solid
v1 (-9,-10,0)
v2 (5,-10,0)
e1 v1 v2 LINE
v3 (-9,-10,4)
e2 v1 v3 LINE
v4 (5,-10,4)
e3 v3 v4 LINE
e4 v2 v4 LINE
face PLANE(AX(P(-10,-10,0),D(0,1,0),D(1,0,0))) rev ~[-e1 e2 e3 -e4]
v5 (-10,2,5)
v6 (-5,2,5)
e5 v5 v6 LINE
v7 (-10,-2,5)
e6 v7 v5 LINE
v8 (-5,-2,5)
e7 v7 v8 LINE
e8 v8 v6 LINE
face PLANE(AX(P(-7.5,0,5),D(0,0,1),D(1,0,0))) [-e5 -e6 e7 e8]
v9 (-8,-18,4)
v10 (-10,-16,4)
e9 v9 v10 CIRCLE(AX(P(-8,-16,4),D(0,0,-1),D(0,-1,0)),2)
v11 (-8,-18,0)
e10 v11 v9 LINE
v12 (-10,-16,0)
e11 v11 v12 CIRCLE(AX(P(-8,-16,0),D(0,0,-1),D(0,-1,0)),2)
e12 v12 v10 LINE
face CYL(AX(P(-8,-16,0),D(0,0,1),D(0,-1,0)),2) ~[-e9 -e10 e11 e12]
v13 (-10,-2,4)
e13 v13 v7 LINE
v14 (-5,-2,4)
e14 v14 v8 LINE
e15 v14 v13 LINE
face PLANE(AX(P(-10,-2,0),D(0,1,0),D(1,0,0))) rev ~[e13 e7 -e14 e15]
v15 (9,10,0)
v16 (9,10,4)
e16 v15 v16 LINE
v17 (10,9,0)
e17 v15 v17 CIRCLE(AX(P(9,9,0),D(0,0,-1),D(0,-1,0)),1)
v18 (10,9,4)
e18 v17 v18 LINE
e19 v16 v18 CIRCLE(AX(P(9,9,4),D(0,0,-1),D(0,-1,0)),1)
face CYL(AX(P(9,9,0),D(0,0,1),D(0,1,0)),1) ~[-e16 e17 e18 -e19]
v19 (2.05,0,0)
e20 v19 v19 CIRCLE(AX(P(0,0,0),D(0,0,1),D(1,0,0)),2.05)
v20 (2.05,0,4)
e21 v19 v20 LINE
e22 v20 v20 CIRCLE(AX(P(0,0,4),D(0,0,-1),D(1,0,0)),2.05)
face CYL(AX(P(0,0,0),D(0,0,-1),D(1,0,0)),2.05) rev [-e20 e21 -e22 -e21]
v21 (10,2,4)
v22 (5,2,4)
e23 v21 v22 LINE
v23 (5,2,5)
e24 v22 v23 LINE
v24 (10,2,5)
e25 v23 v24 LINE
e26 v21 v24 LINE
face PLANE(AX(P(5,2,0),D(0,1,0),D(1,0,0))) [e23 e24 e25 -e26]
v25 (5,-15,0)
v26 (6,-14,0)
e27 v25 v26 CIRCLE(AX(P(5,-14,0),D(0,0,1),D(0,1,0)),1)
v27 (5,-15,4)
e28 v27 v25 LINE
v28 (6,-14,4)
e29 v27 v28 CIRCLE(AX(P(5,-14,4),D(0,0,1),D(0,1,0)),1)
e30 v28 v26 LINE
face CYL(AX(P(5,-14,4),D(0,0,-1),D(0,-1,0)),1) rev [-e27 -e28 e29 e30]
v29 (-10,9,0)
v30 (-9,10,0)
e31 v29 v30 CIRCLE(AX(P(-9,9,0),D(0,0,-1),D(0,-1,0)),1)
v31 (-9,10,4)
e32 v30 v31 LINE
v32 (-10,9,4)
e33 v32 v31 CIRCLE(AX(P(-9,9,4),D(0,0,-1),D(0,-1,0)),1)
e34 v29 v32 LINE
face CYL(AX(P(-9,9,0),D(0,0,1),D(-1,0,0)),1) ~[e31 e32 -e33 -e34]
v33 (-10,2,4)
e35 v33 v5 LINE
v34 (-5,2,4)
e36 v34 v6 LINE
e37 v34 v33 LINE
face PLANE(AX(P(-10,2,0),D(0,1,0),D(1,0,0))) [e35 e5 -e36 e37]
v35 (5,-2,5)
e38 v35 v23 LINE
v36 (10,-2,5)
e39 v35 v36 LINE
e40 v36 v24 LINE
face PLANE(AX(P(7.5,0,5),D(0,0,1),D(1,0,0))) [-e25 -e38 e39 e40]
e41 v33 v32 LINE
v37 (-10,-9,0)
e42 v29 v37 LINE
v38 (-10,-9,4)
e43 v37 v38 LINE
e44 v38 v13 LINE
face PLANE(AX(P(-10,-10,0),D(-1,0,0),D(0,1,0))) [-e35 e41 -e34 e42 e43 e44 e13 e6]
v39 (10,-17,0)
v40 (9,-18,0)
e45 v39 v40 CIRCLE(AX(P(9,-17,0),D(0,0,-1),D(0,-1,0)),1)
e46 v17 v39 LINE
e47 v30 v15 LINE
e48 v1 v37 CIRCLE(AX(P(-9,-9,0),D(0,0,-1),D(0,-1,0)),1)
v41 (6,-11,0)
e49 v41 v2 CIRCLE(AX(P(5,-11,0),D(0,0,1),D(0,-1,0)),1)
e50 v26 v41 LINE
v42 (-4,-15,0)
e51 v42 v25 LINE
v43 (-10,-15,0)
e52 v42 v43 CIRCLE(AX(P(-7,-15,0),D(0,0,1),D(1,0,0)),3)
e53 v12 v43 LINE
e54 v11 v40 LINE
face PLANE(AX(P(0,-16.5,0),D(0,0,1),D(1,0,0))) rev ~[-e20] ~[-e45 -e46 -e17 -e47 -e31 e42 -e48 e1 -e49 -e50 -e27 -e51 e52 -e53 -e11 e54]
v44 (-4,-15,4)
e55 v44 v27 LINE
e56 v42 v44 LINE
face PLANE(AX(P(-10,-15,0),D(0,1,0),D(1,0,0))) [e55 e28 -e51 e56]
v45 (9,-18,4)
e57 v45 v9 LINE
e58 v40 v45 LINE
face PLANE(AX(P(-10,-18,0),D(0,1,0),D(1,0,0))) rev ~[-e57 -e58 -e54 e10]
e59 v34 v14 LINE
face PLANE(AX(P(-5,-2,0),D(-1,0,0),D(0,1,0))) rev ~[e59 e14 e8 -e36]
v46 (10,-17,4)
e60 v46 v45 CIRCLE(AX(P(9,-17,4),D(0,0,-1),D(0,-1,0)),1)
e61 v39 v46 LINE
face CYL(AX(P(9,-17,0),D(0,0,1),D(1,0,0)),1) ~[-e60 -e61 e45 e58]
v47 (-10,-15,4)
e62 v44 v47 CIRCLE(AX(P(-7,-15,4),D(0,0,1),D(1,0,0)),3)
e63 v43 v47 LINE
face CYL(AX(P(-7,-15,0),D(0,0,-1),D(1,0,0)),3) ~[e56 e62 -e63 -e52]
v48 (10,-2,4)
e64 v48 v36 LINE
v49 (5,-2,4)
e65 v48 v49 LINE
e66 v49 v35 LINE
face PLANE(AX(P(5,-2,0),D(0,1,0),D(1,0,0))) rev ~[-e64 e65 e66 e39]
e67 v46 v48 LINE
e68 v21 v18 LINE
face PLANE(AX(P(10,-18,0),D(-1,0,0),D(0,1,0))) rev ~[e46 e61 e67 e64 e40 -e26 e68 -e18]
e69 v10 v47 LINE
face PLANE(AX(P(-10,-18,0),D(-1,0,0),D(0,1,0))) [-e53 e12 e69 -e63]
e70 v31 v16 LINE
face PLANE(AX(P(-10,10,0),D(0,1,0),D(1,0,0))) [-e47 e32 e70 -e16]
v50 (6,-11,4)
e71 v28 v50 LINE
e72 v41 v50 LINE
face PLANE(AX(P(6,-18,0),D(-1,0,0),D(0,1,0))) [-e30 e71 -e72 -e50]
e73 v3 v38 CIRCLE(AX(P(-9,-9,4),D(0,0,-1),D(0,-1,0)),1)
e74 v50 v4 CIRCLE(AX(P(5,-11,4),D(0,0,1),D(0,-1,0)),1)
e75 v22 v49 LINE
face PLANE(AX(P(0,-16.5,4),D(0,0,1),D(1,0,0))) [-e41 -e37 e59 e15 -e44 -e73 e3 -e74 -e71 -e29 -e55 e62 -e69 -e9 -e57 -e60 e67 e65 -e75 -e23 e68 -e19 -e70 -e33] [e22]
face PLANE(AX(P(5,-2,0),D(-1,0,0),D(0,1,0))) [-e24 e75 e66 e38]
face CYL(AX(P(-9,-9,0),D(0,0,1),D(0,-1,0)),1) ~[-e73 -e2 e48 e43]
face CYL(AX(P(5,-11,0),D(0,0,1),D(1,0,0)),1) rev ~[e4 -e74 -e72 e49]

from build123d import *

# Parameters (mm, degrees)
CYLINDER007_R     = 2.05
CYLINDER007_DEPTH = 10
BOX013_W          = 5
BOX013_H          = 4
BOX013_DEPTH      = 5
BOX014_W          = 5
BOX014_H          = 4
BOX014_DEPTH      = 5
BOX012_W          = 4
BOX012_H          = 8
BOX012_DEPTH      = 4
CYLINDER006_R     = 3
CYLINDER006_DEPTH = 4
BOX011_W          = 20
BOX011_H          = 3
BOX011_DEPTH      = 4
BOX010_W          = 20
BOX010_H          = 20
BOX010_DEPTH      = 4
FILLET001002_R    = 1
FILLET001003_R    = 2


with BuildPart() as cylinder007:
    # Cylinder007 → Cylinder007 (new body)
    with BuildSketch(Plane.XY):
        Circle(CYLINDER007_R)
    extrude(amount=CYLINDER007_DEPTH)


with BuildPart() as cube013:
    # Box013 → Box013 (new body)
    with BuildSketch(Plane(origin=(-10, -2, 0), x_dir=(1, 0, 0), z_dir=(0, 0, 1))):
        with Locations((2.5, 2)):
            Rectangle(BOX013_W, BOX013_H)
    extrude(amount=BOX013_DEPTH)


with BuildPart() as cube014:
    # Box014 → Box014 (new body)
    with BuildSketch(Plane(origin=(5, -2, 0), x_dir=(1, 0, 0), z_dir=(0, 0, 1))):
        with Locations((2.5, 2)):
            Rectangle(BOX014_W, BOX014_H)
    extrude(amount=BOX014_DEPTH)


with BuildPart() as cube012:
    # Box012 → Box012 (new body)
    with BuildSketch(Plane(origin=(6, -18, 0), x_dir=(1, 0, 0), z_dir=(0, 0, 1))):
        with Locations((2, 4)):
            Rectangle(BOX012_W, BOX012_H)
    extrude(amount=BOX012_DEPTH)


with BuildPart() as cylinder006:
    # Cylinder006 → Cylinder006 (new body)
    with BuildSketch(Plane(origin=(-7, -15, 0), x_dir=(1, 0, 0), z_dir=(0, 0, 1))):
        Circle(CYLINDER006_R)
    extrude(amount=CYLINDER006_DEPTH)


with BuildPart() as cube011:
    # Box011 → Box011 (new body)
    with BuildSketch(Plane(origin=(-10, -18, 0), x_dir=(1, 0, 0), z_dir=(0, 0, 1))):
        with Locations((10, 1.5)):
            Rectangle(BOX011_W, BOX011_H)
    extrude(amount=BOX011_DEPTH)


with BuildPart() as cut001002:
    # Box010 → Box010 (new body)
    with BuildSketch(Plane(origin=(-10, -10, 0), x_dir=(1, 0, 0), z_dir=(0, 0, 1))):
        with Locations((10, 10)):
            Rectangle(BOX010_W, BOX010_H)
    extrude(amount=BOX010_DEPTH)

    # Fusion002: union Cube013, Cube014, Cube012, Cylinder006, Cube011
    add(cube013.part)
    add(cube014.part)
    add(cube012.part)
    add(cylinder006.part)
    add(cube011.part)

    # Fillet001002
    fillet001002_edges = [cut001002.edges().sort_by_distance(p)[0] for p in [
        (-10, -10, 2),
        (6, -10, 2),
        (-10, 10, 2),
        (10, 10, 2),
        (6, -15, 2),
        (10, -18, 2),
    ]]
    fillet(fillet001002_edges, radius=FILLET001002_R)

    # Fillet001003
    fillet001003_edges = [cut001002.edges().sort_by_distance(p)[0] for p in [
        (-10, -18, 2),
    ]]
    fillet(fillet001003_edges, radius=FILLET001003_R)

    # Cut001002: cut Cylinder007
    add(cylinder007.part, mode=Mode.SUBTRACT)


solid = cut001002.part
